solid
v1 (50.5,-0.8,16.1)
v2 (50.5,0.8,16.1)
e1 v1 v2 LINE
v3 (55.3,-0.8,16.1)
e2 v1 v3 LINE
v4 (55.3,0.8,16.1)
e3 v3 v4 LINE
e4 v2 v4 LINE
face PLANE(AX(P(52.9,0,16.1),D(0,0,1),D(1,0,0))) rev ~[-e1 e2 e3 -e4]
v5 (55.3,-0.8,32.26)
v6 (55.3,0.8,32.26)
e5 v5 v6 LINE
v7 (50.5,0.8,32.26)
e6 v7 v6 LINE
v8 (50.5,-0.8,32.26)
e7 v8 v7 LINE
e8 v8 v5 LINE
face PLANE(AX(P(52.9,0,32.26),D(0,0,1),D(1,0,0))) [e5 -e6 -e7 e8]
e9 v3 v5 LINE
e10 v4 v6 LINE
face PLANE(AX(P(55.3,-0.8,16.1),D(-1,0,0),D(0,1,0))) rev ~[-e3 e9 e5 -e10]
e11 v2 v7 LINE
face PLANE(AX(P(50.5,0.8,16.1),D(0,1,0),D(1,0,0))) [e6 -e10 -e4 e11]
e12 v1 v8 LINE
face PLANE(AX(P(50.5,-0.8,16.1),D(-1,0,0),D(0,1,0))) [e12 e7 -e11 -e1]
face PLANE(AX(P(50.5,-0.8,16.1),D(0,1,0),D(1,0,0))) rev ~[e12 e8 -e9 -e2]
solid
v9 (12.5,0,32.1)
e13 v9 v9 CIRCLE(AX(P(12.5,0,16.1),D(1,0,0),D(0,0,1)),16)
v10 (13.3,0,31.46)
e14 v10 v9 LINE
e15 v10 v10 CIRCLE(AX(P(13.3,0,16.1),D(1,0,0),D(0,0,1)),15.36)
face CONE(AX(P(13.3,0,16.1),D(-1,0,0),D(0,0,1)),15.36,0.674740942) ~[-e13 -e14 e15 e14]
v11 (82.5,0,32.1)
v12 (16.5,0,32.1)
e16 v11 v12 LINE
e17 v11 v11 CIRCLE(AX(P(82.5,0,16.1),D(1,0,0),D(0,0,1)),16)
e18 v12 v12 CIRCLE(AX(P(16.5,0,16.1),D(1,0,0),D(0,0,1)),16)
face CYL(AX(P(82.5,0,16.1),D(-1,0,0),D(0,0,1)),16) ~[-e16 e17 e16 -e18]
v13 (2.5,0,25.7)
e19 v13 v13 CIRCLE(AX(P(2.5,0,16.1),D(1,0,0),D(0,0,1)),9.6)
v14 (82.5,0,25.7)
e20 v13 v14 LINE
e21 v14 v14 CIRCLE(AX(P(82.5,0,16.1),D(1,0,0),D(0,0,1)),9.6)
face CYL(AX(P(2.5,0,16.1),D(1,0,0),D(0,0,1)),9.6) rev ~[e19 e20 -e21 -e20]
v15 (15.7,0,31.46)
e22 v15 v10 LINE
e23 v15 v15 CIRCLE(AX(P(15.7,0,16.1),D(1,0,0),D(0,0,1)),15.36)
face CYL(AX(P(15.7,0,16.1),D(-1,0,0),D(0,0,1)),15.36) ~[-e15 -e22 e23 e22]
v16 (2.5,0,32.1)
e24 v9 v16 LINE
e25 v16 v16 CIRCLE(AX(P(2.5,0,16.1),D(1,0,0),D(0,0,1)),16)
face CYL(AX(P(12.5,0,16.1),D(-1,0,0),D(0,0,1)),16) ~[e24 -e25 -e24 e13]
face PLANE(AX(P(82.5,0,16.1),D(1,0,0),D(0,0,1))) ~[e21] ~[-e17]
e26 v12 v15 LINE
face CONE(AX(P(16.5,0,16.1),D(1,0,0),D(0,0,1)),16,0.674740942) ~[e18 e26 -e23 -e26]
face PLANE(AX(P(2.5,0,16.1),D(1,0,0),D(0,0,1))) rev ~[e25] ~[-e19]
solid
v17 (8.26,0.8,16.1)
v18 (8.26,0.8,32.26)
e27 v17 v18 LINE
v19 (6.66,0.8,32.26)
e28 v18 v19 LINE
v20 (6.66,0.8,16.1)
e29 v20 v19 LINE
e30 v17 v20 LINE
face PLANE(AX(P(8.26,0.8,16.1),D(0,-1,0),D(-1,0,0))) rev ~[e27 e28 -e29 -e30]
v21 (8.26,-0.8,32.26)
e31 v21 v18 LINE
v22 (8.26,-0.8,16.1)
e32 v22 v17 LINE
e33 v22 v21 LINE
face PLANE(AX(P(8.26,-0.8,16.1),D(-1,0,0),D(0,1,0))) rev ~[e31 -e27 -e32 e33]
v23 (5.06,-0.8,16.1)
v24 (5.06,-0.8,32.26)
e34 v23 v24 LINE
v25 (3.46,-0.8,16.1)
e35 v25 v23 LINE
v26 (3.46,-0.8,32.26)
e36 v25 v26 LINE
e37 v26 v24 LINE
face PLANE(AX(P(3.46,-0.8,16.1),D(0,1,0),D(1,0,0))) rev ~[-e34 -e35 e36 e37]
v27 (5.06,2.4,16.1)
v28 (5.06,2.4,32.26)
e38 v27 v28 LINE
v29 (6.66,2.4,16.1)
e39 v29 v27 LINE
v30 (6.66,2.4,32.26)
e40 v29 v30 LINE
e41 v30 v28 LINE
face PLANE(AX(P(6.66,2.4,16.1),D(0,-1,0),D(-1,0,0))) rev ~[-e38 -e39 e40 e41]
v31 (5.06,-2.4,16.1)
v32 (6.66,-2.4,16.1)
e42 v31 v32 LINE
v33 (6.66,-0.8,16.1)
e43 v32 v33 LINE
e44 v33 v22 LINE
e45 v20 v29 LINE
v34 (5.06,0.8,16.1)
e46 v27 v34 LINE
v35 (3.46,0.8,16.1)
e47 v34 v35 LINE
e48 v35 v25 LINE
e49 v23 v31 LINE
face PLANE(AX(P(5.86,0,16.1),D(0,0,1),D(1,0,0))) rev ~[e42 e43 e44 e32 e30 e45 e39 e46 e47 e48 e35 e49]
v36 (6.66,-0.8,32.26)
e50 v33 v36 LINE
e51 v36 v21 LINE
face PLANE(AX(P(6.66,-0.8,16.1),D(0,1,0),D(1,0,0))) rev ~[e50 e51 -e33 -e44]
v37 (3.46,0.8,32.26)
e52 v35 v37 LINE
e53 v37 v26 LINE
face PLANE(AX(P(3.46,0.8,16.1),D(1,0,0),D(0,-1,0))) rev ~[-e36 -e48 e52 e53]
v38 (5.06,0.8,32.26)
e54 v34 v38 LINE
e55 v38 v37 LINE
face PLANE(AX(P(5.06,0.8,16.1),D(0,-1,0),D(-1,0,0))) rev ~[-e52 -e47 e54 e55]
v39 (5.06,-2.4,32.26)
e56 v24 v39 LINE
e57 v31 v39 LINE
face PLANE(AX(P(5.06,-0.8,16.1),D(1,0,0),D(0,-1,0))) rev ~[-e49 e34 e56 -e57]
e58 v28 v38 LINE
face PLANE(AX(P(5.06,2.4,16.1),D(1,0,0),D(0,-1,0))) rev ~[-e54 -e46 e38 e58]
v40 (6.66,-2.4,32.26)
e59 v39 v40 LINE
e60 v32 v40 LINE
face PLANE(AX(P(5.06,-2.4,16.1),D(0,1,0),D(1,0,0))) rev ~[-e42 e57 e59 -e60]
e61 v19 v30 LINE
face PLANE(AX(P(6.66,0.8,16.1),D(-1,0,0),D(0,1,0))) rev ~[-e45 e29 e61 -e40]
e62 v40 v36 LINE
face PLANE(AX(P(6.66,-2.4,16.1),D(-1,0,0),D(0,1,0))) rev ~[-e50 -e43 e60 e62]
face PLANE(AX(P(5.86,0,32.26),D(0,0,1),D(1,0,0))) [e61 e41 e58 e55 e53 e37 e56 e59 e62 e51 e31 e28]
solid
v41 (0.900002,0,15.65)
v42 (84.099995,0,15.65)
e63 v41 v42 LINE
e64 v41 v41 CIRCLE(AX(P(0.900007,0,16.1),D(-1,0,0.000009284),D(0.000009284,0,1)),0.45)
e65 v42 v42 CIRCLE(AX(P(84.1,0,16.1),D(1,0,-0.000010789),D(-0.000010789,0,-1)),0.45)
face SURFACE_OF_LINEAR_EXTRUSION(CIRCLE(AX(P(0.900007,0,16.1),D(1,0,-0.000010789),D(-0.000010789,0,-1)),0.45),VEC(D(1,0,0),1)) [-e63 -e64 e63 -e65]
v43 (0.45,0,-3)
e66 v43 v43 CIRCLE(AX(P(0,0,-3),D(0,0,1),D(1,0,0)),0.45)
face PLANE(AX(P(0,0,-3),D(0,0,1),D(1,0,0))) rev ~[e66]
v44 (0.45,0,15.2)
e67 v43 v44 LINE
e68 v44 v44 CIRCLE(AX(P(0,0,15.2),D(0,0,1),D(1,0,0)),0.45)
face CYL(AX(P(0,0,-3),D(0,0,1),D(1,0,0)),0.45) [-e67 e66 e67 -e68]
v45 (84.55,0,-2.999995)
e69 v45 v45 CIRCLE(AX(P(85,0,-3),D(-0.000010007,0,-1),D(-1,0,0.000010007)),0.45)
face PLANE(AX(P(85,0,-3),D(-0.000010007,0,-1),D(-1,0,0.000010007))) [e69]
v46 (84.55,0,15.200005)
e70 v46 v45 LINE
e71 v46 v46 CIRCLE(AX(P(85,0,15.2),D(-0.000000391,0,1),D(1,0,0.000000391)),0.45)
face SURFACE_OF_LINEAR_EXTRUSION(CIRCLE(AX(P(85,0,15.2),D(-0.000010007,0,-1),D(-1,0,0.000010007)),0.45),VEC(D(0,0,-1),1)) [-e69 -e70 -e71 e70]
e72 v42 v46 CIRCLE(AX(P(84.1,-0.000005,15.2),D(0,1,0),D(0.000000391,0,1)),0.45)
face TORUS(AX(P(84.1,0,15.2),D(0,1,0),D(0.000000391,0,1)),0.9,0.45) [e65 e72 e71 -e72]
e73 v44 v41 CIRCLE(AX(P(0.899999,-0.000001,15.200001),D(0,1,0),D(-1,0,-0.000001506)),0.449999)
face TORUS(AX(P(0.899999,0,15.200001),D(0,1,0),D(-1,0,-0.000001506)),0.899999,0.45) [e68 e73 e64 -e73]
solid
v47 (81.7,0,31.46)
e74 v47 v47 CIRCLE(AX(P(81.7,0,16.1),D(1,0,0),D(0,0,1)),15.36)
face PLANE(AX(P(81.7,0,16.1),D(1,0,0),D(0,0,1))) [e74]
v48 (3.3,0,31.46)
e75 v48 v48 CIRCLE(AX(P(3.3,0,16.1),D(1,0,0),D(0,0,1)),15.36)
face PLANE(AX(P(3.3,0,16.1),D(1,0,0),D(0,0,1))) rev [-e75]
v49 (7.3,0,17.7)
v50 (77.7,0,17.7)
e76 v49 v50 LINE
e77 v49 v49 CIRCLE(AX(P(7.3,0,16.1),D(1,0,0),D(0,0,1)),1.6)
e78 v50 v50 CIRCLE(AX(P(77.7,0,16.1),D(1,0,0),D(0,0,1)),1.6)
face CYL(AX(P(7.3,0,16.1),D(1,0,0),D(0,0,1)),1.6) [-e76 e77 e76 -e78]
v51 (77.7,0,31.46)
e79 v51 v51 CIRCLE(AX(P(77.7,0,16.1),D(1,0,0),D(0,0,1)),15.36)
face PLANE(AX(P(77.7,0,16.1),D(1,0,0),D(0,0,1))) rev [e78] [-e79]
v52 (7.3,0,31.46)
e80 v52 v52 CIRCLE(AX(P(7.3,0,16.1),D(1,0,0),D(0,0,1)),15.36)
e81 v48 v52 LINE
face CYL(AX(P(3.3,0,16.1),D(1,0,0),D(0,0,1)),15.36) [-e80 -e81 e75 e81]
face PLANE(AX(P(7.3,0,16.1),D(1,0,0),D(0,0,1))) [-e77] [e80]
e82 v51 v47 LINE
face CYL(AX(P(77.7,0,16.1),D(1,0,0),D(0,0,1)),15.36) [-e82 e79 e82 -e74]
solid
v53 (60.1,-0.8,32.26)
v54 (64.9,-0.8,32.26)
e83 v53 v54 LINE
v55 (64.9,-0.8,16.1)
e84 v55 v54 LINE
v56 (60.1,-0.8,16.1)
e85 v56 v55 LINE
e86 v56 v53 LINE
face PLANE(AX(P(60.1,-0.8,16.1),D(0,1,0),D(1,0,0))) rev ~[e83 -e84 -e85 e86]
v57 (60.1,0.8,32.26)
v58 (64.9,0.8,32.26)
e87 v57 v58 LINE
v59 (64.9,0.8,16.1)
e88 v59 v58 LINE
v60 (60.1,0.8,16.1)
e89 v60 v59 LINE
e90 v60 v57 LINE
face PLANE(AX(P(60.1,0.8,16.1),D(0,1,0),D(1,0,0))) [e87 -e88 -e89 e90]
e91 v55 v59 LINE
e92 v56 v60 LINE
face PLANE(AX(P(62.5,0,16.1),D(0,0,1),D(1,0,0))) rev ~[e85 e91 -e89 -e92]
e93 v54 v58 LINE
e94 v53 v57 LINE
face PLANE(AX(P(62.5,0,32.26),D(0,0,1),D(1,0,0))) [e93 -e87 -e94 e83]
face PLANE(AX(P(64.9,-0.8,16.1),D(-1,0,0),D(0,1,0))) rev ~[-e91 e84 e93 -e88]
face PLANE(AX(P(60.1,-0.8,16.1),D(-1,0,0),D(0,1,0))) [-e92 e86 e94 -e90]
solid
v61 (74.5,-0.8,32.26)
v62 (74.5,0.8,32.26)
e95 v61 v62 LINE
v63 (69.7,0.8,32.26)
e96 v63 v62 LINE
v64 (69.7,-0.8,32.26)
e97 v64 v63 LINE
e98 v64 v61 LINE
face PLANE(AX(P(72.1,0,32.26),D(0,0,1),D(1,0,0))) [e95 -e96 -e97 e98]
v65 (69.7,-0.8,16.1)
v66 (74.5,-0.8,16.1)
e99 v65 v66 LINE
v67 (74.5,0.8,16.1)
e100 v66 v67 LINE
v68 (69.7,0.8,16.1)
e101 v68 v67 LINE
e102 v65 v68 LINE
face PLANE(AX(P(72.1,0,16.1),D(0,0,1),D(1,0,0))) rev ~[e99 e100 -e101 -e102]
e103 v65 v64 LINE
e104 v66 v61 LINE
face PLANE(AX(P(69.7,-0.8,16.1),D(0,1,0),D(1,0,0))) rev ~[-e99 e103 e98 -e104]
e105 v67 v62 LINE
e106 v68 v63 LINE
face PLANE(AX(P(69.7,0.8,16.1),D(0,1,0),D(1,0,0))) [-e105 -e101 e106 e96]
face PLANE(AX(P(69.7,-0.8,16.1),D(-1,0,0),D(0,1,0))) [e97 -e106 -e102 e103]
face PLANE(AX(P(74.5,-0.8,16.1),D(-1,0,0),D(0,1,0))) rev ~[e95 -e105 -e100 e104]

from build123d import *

# Parameters (mm, degrees)
SKETCH_R    = 0.45
SKETCH004_W = 4.8
SKETCH004_H = 1.6
PAD_DEPTH   = 16.16


with BuildPart() as sweep_body:
    # Sweep: sweep along a path in Sketch001
    with BuildLine(Plane.XZ) as sweep_path:
        Line((0, -3), (0, 15.2))
        ThreePointArc((0, 15.2), (0.263606, 15.836399), (0.900007, 16.1))
        Line((0.900007, 16.1), (84.1, 16.1))
        ThreePointArc((84.1, 16.1), (84.736396, 15.836396), (85, 15.2))
        Line((85, 15.2), (85, -3))
    # Sketch → Sweep (sweep)
    with BuildSketch(Plane.XY.offset(-2)):
        Circle(SKETCH_R)
    sweep(path=sweep_path.line)


with BuildPart() as revolution:
    # Sketch002 → Revolution (revolve)
    with BuildSketch(Plane.XZ):
        Polygon((2.5, 32.1), (2.5, 25.7), (82.5, 25.7), (82.5, 32.1), (16.5, 32.1), (15.7, 31.46), (13.3, 31.46), (12.5, 32.1), align=None)
    revolve(axis=Axis((6.97588, 0, 16.1), (1, 0, 0)))


with BuildPart() as revolution001:
    # Sketch003 → Revolution001 (revolve)
    with BuildSketch(Plane.XZ):
        Polygon((3.3, 31.46), (7.3, 31.46), (7.3, 17.7), (77.7, 17.7), (77.7, 31.46), (81.7, 31.46), (81.7, 16.1), (3.3, 16.1), align=None)
    revolve(axis=Axis((6.97588, 0, 16.1), (1, 0, 0)))


with BuildPart() as pad:
    # Sketch004 → Pad (new body)
    with BuildSketch(Plane.XY.offset(16.1)):
        with Locations((72.1, 0)):
            Rectangle(SKETCH004_W, SKETCH004_H)
        with Locations((62.5, 0)):
            Rectangle(SKETCH004_W, SKETCH004_H)
        with Locations((52.9, 0)):
            Rectangle(SKETCH004_W, SKETCH004_H)
        Polygon((5.06, 0.8), (3.46, 0.8), (3.46, -0.8), (5.06, -0.8), (5.06, -2.4), (6.66, -2.4), (6.66, -0.8), (8.26, -0.8), (8.26, 0.8), (6.66, 0.8), (6.66, 2.4), (5.06, 2.4), align=None)
    extrude(amount=PAD_DEPTH)


solid = Compound([sweep_body.part, revolution.part, revolution001.part, pad.part])
